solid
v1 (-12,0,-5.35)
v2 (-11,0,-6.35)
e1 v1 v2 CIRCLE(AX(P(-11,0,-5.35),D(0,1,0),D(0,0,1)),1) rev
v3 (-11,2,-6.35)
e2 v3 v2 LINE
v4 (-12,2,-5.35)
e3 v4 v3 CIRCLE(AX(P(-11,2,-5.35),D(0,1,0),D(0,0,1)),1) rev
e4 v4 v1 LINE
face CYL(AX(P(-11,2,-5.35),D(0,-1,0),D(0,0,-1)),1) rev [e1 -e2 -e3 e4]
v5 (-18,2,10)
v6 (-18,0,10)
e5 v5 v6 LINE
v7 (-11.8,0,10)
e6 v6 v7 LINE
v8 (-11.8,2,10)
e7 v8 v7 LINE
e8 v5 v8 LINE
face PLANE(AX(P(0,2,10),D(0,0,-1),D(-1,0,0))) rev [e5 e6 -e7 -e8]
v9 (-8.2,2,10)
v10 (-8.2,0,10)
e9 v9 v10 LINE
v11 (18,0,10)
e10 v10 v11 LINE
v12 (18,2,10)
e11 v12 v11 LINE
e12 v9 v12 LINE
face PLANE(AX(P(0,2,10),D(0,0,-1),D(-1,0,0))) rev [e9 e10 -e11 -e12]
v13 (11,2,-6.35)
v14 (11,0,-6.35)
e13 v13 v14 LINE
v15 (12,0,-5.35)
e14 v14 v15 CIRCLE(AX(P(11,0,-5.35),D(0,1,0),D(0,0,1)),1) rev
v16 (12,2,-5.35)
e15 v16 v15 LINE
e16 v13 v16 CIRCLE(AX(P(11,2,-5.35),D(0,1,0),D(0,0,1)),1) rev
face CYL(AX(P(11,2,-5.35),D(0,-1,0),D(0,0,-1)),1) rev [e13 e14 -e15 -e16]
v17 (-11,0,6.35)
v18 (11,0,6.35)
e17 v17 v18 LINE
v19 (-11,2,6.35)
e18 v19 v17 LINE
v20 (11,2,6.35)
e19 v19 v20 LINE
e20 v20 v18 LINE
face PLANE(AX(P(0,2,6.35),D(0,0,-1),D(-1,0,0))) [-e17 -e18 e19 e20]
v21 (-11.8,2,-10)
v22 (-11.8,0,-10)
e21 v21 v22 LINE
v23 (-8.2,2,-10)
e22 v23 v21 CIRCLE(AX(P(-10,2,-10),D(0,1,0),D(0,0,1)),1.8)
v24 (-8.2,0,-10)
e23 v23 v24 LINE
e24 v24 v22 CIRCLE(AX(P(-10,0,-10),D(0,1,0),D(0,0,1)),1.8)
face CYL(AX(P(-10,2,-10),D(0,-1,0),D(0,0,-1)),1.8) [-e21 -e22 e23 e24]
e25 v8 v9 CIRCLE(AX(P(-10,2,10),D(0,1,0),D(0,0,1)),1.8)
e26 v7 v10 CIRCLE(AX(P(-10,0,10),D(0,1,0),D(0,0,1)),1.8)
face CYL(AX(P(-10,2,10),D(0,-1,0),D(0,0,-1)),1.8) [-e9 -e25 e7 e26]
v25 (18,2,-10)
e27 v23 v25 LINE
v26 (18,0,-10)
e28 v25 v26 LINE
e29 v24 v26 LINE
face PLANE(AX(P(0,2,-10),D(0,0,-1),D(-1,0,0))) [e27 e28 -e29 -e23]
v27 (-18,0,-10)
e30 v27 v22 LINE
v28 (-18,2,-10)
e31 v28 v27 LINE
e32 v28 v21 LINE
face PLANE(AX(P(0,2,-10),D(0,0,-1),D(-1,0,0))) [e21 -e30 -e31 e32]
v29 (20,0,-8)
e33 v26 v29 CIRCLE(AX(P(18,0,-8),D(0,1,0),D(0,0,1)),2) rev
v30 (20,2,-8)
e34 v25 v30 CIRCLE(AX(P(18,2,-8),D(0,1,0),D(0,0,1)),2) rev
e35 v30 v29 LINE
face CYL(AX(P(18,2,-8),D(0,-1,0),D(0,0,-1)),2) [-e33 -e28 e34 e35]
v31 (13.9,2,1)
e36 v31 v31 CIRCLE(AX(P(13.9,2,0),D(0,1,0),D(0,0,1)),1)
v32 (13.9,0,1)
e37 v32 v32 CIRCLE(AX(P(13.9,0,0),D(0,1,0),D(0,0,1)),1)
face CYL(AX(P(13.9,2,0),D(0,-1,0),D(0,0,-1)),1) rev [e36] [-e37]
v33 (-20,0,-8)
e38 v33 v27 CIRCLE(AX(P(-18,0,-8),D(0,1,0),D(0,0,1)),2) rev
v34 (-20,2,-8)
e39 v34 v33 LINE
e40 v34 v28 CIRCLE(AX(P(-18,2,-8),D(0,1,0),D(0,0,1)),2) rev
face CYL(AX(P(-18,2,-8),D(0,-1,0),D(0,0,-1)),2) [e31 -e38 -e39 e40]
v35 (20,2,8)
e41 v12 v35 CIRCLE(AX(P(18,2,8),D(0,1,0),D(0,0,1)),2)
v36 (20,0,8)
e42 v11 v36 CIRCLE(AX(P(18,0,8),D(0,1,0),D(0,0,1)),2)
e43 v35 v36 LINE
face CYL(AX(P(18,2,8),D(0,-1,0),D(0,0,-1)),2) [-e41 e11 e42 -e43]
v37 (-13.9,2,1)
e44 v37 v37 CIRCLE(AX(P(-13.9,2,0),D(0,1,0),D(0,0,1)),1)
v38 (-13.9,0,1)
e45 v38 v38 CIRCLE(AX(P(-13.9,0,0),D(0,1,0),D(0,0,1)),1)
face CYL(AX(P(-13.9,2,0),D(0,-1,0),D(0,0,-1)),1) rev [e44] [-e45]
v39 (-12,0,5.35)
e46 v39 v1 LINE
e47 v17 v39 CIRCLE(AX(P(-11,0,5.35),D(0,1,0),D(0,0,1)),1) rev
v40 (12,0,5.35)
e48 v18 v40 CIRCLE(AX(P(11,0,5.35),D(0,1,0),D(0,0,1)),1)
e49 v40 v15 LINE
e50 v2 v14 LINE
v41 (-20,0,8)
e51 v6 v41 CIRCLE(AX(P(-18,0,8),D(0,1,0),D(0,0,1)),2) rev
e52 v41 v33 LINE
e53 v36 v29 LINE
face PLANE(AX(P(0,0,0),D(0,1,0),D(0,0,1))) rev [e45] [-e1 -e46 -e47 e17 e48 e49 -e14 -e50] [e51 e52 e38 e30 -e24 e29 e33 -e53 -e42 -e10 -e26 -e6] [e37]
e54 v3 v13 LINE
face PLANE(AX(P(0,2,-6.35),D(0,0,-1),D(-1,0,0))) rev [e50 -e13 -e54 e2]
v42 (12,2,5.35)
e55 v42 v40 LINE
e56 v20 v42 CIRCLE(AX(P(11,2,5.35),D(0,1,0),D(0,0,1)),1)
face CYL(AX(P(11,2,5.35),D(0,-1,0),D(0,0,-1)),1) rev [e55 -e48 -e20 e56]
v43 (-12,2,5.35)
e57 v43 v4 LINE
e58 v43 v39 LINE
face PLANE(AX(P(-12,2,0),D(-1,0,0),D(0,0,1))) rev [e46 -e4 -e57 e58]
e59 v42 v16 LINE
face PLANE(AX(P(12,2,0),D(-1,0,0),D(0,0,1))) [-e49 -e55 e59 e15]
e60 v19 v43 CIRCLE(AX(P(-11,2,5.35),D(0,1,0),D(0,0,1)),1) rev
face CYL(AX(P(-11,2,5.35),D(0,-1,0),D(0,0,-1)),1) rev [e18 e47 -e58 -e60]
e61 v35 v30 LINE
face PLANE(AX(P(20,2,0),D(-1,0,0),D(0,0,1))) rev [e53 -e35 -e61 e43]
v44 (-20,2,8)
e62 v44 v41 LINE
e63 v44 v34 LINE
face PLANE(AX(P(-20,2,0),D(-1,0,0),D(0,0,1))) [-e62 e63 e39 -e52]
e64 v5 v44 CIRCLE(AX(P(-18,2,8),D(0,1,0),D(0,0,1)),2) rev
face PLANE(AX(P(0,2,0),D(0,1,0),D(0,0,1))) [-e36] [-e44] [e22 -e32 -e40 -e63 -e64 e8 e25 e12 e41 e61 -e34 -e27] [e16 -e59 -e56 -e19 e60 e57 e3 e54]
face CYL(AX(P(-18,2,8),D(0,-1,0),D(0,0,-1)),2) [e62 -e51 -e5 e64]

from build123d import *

# Parameters (mm, degrees)
ESQUISSE1_R        = 1.8
ESQUISSE1_R_2      = 1
BOSS_EXTRU_1_DEPTH = 2


with BuildPart() as part:
    # Esquisse1 → Boss.-Extru.1 (new body)
    with BuildSketch(Plane(origin=(0, 0, 0), x_dir=(1, 0, 0), z_dir=(0, 1, 0))):
        with Locations((-10, 10)):
            Circle(ESQUISSE1_R)
        with Locations((-10, -10)):
            Circle(ESQUISSE1_R)
        with BuildLine():
            Line((-18, -10), (18, -10))
            ThreePointArc((18, -10), (19.414213562, -9.414213562), (20, -8))
            Line((20, -8), (20, 8))
            ThreePointArc((20, 8), (19.414213562, 9.414213562), (18, 10))
            Line((18, 10), (-18, 10))
            ThreePointArc((-18, 10), (-19.414213562, 9.414213562), (-20, 8))
            Line((-20, 8), (-20, -8))
            ThreePointArc((-20, -8), (-19.414213562, -9.414213562), (-18, -10))
        make_face()
        with Locations(Location((13.9, 0, 0), (0, 0, 270))):  # turned: the seam where the file's is
            Circle(ESQUISSE1_R_2, mode=Mode.SUBTRACT)
        with Locations(Location((-13.9, 0, 0), (0, 0, 270))):  # turned: the seam where the file's is
            Circle(ESQUISSE1_R_2, mode=Mode.SUBTRACT)
        with BuildLine():
            Line((-11, -6.35), (11, -6.35))
            ThreePointArc((11, -6.35), (11.707106781, -6.057106781), (12, -5.35))
            Line((12, -5.35), (12, 5.35))
            ThreePointArc((12, 5.35), (11.707106781, 6.057106781), (11, 6.35))
            Line((11, 6.35), (-11, 6.35))
            ThreePointArc((-11, 6.35), (-11.707106781, 6.057106781), (-12, 5.35))
            Line((-12, 5.35), (-12, -5.35))
            ThreePointArc((-12, -5.35), (-11.707106781, -6.057106781), (-11, -6.35))
        make_face(mode=Mode.SUBTRACT)
    extrude(amount=BOSS_EXTRU_1_DEPTH)


solid = part.part
